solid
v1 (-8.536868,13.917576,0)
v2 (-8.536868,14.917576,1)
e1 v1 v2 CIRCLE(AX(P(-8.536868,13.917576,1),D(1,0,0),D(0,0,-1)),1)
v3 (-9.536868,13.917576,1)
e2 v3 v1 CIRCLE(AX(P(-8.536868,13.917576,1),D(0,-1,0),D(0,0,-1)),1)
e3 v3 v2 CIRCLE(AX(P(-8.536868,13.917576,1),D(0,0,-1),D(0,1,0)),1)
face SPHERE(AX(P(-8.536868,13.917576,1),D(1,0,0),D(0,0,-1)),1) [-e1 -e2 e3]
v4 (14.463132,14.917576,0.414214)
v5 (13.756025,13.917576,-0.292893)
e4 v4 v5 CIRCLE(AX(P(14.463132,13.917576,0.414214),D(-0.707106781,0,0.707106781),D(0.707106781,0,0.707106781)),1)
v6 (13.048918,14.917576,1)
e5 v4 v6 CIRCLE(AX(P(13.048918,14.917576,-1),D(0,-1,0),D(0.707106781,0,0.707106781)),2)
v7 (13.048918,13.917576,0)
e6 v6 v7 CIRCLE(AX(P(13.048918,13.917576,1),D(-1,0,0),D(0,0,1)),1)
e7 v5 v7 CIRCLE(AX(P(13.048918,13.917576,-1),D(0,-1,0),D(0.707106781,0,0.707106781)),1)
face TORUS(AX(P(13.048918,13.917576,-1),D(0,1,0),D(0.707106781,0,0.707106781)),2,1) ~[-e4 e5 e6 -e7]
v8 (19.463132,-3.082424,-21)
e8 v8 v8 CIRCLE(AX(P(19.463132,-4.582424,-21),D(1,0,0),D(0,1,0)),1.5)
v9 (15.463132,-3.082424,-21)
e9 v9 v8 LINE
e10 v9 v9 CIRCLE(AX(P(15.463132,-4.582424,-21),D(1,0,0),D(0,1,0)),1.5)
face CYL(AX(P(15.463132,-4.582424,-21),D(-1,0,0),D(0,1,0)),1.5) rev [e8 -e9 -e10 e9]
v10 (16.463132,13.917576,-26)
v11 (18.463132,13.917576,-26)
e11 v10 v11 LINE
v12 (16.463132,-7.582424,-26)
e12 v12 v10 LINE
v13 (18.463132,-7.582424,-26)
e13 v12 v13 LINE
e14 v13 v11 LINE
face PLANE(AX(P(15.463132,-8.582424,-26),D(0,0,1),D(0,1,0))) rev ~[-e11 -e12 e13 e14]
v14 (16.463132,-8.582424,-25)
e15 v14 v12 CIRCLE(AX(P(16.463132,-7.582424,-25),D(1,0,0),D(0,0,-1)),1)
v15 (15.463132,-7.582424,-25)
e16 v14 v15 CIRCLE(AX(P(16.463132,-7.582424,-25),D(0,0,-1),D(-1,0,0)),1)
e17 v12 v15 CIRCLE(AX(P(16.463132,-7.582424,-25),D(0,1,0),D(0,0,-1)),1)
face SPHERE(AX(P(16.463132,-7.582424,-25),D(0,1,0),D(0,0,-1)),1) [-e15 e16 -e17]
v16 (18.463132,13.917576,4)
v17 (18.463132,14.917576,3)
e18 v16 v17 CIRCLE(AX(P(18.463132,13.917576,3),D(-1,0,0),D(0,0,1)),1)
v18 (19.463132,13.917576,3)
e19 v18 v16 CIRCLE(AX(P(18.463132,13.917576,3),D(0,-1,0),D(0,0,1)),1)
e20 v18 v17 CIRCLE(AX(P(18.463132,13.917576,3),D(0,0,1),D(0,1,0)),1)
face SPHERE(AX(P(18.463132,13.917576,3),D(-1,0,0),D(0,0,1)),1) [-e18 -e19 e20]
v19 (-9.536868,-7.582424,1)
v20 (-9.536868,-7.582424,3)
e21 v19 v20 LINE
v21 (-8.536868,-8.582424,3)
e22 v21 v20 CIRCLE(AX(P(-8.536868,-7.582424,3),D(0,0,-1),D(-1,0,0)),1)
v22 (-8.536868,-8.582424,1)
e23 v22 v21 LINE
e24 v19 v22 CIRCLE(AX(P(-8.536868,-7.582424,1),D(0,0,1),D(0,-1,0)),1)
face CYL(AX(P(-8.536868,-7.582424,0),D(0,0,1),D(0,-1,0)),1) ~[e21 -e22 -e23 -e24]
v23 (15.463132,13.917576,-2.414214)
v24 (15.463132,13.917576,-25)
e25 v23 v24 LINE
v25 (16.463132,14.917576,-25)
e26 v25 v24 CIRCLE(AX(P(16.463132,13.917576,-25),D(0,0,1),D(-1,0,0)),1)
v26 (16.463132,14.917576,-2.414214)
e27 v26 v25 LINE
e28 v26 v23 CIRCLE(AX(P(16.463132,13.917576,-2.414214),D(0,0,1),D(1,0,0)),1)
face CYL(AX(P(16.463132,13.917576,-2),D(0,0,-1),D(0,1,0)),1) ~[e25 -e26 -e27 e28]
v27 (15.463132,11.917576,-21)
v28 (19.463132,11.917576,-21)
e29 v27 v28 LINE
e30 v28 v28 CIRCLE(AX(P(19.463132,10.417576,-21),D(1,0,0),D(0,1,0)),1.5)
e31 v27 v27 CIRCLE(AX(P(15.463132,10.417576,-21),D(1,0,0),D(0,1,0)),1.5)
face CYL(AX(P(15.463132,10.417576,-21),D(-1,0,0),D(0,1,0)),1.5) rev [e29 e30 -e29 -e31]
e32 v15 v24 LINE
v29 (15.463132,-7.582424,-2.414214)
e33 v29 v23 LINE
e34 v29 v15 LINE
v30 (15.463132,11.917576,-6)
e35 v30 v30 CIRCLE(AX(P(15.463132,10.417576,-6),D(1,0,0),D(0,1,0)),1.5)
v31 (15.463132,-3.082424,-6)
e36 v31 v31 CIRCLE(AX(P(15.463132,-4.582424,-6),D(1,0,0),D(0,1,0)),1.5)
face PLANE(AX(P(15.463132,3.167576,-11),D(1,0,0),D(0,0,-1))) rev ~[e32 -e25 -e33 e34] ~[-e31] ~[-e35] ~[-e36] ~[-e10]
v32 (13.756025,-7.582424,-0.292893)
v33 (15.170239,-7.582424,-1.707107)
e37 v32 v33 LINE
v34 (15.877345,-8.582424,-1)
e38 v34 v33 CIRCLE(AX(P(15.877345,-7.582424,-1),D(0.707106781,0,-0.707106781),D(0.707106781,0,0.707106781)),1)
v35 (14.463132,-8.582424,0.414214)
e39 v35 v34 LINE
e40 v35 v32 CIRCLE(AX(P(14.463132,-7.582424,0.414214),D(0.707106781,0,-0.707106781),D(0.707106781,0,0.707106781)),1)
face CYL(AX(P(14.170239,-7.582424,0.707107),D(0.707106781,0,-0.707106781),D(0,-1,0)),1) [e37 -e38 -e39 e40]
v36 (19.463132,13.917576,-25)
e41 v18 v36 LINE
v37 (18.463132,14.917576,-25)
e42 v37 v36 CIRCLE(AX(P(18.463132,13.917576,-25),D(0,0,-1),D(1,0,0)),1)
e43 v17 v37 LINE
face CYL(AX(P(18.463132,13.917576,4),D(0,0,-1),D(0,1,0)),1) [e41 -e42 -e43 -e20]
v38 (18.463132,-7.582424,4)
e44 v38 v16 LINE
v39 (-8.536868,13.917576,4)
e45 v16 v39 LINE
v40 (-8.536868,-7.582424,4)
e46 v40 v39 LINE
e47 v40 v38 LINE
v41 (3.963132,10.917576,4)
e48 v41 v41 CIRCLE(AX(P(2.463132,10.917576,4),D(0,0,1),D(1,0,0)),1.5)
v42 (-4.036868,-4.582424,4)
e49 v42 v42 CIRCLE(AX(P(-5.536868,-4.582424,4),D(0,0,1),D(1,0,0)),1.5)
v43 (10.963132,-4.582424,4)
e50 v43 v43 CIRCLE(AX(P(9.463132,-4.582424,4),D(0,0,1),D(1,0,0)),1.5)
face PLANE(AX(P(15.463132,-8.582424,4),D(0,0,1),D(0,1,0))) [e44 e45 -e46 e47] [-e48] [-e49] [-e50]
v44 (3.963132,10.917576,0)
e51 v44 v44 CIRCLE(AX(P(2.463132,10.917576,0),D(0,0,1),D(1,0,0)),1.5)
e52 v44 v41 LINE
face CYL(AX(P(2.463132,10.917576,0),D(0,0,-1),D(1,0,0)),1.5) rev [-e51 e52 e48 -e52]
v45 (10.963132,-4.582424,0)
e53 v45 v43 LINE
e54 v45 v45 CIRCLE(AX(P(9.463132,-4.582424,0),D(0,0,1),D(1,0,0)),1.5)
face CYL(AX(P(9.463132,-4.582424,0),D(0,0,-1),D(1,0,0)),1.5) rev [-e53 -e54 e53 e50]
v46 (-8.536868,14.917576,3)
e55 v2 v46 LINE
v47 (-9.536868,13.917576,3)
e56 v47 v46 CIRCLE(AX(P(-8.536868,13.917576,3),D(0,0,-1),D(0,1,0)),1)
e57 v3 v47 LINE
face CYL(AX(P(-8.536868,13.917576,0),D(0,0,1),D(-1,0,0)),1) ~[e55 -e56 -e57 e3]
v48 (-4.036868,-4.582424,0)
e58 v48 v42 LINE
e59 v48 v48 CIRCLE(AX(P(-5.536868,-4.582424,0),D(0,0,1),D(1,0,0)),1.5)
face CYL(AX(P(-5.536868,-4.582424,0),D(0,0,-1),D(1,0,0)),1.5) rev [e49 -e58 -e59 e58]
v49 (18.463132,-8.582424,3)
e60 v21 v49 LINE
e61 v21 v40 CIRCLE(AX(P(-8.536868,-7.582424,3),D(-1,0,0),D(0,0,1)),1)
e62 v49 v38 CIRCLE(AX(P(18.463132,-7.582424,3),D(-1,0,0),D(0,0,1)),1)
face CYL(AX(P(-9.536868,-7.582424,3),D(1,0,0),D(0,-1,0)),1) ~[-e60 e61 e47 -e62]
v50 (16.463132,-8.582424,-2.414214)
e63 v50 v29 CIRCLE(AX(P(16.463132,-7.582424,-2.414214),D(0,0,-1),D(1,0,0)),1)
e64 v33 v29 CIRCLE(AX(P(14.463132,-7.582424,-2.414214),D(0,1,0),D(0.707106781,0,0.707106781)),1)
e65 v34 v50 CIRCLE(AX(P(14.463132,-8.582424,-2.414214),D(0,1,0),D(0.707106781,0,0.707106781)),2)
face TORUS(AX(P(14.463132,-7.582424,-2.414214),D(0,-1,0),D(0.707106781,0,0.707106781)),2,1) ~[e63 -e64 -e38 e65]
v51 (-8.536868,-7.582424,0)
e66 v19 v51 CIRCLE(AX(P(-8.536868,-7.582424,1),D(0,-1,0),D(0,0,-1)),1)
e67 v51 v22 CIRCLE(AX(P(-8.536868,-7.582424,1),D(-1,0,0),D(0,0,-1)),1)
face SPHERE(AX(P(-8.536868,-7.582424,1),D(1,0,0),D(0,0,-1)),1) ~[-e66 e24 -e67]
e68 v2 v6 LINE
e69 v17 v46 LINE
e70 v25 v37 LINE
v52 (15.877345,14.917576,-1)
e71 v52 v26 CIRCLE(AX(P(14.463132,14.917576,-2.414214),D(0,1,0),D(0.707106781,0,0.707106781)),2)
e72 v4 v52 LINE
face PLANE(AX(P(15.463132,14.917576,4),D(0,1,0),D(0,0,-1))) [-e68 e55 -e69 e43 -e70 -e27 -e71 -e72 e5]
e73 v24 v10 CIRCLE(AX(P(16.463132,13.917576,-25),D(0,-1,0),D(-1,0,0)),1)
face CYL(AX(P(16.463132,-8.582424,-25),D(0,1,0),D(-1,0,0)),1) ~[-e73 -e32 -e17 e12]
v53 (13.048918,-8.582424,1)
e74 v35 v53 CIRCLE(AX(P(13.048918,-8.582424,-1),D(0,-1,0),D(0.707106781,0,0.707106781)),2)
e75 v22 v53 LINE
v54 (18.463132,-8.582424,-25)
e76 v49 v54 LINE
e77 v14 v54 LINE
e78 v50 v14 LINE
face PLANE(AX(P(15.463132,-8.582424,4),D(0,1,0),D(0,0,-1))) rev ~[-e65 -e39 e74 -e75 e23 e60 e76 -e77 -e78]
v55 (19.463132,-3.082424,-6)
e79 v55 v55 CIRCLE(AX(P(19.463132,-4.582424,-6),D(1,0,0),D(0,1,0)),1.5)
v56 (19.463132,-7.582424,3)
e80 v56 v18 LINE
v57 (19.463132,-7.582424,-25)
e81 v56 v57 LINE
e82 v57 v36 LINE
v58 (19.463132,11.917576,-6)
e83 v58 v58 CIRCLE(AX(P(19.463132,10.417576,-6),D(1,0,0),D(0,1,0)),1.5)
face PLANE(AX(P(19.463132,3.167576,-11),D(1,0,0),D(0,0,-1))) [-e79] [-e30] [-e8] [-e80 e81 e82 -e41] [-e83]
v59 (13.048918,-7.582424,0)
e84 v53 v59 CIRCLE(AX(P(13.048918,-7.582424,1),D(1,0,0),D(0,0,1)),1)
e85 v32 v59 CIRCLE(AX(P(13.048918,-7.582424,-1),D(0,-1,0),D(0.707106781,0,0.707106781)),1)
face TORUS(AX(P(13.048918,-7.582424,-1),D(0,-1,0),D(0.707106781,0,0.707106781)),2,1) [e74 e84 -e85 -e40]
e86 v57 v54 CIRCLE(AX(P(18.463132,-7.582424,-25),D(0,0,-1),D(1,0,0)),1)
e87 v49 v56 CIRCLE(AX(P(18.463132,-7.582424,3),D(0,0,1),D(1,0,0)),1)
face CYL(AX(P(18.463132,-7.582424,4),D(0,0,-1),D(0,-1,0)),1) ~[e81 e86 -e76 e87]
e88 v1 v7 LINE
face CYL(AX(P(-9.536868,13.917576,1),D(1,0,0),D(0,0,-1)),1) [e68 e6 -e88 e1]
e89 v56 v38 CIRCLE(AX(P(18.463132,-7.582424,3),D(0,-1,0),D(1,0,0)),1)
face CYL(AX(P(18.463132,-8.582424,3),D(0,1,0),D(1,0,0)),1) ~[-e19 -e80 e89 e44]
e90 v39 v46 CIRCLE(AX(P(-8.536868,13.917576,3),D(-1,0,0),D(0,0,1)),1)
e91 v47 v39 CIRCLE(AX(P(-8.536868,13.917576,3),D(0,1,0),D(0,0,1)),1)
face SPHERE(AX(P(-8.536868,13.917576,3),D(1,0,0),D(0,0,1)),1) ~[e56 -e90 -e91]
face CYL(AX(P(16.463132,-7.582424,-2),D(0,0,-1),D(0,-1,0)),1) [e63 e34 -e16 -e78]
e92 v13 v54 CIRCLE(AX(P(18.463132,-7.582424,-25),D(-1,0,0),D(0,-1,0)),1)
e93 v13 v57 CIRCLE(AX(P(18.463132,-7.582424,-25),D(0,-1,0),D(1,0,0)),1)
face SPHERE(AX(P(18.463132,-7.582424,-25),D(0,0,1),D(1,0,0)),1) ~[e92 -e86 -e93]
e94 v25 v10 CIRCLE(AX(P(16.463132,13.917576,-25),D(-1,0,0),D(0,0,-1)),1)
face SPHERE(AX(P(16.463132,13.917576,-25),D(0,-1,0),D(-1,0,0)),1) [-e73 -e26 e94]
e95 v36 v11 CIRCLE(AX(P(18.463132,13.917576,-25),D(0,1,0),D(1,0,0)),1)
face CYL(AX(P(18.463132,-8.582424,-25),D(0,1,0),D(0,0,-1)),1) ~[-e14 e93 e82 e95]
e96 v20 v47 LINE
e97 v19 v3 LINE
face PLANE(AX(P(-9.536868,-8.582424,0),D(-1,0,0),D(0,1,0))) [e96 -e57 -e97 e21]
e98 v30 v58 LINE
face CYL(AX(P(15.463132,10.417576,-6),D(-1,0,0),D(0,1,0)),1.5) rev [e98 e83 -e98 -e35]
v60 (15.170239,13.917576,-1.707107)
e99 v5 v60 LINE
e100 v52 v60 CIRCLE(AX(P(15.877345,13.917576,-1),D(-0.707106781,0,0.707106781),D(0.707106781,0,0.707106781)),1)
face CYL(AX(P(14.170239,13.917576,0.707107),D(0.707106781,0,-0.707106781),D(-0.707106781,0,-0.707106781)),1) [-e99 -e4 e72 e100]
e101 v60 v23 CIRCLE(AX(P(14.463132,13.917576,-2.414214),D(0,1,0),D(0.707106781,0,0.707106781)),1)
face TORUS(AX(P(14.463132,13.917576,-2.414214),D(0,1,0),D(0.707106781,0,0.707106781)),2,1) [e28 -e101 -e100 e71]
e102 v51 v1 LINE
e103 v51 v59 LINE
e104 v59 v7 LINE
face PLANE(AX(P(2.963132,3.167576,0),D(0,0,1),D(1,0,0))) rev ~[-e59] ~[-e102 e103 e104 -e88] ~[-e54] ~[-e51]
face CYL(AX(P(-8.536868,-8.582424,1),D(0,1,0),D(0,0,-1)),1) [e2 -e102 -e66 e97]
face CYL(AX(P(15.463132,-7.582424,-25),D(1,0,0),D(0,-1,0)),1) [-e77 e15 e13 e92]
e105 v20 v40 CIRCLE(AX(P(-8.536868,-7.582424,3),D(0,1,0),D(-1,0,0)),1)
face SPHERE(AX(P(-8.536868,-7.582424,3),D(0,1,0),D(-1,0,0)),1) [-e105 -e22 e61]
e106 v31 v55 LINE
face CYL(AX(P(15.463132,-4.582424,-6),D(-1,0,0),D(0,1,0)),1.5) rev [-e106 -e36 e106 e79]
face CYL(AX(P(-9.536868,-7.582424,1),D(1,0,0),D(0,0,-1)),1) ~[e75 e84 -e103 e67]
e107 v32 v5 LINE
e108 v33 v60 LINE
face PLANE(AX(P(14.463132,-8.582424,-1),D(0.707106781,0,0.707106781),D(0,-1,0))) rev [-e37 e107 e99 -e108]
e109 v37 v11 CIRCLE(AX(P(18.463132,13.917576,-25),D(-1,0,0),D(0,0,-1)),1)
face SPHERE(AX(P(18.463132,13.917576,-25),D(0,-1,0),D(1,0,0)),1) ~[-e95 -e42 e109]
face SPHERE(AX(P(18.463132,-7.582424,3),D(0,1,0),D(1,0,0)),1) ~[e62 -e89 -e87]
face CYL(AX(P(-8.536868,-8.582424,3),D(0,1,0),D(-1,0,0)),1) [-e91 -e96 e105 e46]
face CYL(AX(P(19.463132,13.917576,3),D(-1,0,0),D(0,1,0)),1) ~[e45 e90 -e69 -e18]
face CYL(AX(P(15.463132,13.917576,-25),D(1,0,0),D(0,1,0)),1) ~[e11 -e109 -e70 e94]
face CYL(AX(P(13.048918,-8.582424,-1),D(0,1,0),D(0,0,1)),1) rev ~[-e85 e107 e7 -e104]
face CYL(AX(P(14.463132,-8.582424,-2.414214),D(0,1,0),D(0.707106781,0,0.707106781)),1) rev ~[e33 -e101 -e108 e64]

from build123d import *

# Parameters (mm, degrees)
SKETCH_1_W      = 25
SKETCH_1_H      = 23.5
SKETCH_1_R      = 1.5
EXTRUDE_1_DEPTH = 4
SKETCH_2_W      = 30
SKETCH_2_H      = 23.5
SKETCH_2_R      = 1.5
EXTRUDE_2_DEPTH = 4
CHAMFER_1_SIZE  = 2
FILLET_1_R      = 1


with BuildPart() as part:
    # 草图1 → 凸台-拉伸1 (new body)
    with BuildSketch(Plane.XY):
        with Locations((2.963131814, 3.167575845)):
            Rectangle(SKETCH_1_W, SKETCH_1_H)
        with Locations((2.463131814, 10.917575845)):
            Circle(SKETCH_1_R, mode=Mode.SUBTRACT)
        with Locations((-5.536868186, -4.582424155)):
            Circle(SKETCH_1_R, mode=Mode.SUBTRACT)
        with Locations((9.463131814, -4.582424155)):
            Circle(SKETCH_1_R, mode=Mode.SUBTRACT)
    extrude(amount=EXTRUDE_1_DEPTH)

    # 草图2 → 凸台-拉伸2 (add)
    with BuildSketch(Plane(origin=(15.463131814, 0, 0), x_dir=(0, 0, -1), z_dir=(1, 0, 0))):
        with Locations((11, 3.167575845)):
            Rectangle(SKETCH_2_W, SKETCH_2_H)
        with Locations(Location((6, 10.417575845, 0), (0, 0, 90))):
            Circle(SKETCH_2_R, mode=Mode.SUBTRACT)
        with Locations(Location((21, 10.417575845, 0), (0, 0, 90))):
            Circle(SKETCH_2_R, mode=Mode.SUBTRACT)
        with Locations(Location((6, -4.582424155, 0), (0, 0, 90))):
            Circle(SKETCH_2_R, mode=Mode.SUBTRACT)
        with Locations(Location((21, -4.582424155, 0), (0, 0, 90))):
            Circle(SKETCH_2_R, mode=Mode.SUBTRACT)
    extrude(amount=EXTRUDE_2_DEPTH)

    # 倒角1
    chamfer_1_edges = [part.edges().sort_by_distance(p)[0] for p in [
        (15.463131814, 3.167575845, 0),
    ]]
    chamfer(chamfer_1_edges, length=CHAMFER_1_SIZE)

    # 圆角1
    fillet_1_edges = [part.edges().sort_by_distance(p)[0] for p in [
        (4.963131814, 14.917575845, 4),
        (19.463131814, 3.167575845, 4),
        (19.463131814, -8.582424155, -11),
        (19.463131814, 3.167575845, -26),
        (19.463131814, 14.917575845, -11),
        (15.463131814, 3.167575845, -26),
        (17.463131814, -8.582424155, -26),
        (15.463131814, 14.917575845, -14),
        (17.463131814, 14.917575845, -26),
        (15.463131814, -8.582424155, -14),
        (15.463131814, 3.167575845, -2),
        (1.963131814, 14.917575845, 0),
        (-9.536868186, 3.167575845, 4),
        (13.463131814, 3.167575845, 0),
        (14.463131814, 14.917575845, -1),
        (14.463131814, -8.582424155, -1),
        (1.963131814, -8.582424155, 0),
        (-9.536868186, 3.167575845, 0),
        (-9.536868186, 14.917575845, 2),
        (-9.536868186, -8.582424155, 2),
        (4.963131814, -8.582424155, 4),
    ]]
    fillet(fillet_1_edges, radius=FILLET_1_R)


solid = part.part
